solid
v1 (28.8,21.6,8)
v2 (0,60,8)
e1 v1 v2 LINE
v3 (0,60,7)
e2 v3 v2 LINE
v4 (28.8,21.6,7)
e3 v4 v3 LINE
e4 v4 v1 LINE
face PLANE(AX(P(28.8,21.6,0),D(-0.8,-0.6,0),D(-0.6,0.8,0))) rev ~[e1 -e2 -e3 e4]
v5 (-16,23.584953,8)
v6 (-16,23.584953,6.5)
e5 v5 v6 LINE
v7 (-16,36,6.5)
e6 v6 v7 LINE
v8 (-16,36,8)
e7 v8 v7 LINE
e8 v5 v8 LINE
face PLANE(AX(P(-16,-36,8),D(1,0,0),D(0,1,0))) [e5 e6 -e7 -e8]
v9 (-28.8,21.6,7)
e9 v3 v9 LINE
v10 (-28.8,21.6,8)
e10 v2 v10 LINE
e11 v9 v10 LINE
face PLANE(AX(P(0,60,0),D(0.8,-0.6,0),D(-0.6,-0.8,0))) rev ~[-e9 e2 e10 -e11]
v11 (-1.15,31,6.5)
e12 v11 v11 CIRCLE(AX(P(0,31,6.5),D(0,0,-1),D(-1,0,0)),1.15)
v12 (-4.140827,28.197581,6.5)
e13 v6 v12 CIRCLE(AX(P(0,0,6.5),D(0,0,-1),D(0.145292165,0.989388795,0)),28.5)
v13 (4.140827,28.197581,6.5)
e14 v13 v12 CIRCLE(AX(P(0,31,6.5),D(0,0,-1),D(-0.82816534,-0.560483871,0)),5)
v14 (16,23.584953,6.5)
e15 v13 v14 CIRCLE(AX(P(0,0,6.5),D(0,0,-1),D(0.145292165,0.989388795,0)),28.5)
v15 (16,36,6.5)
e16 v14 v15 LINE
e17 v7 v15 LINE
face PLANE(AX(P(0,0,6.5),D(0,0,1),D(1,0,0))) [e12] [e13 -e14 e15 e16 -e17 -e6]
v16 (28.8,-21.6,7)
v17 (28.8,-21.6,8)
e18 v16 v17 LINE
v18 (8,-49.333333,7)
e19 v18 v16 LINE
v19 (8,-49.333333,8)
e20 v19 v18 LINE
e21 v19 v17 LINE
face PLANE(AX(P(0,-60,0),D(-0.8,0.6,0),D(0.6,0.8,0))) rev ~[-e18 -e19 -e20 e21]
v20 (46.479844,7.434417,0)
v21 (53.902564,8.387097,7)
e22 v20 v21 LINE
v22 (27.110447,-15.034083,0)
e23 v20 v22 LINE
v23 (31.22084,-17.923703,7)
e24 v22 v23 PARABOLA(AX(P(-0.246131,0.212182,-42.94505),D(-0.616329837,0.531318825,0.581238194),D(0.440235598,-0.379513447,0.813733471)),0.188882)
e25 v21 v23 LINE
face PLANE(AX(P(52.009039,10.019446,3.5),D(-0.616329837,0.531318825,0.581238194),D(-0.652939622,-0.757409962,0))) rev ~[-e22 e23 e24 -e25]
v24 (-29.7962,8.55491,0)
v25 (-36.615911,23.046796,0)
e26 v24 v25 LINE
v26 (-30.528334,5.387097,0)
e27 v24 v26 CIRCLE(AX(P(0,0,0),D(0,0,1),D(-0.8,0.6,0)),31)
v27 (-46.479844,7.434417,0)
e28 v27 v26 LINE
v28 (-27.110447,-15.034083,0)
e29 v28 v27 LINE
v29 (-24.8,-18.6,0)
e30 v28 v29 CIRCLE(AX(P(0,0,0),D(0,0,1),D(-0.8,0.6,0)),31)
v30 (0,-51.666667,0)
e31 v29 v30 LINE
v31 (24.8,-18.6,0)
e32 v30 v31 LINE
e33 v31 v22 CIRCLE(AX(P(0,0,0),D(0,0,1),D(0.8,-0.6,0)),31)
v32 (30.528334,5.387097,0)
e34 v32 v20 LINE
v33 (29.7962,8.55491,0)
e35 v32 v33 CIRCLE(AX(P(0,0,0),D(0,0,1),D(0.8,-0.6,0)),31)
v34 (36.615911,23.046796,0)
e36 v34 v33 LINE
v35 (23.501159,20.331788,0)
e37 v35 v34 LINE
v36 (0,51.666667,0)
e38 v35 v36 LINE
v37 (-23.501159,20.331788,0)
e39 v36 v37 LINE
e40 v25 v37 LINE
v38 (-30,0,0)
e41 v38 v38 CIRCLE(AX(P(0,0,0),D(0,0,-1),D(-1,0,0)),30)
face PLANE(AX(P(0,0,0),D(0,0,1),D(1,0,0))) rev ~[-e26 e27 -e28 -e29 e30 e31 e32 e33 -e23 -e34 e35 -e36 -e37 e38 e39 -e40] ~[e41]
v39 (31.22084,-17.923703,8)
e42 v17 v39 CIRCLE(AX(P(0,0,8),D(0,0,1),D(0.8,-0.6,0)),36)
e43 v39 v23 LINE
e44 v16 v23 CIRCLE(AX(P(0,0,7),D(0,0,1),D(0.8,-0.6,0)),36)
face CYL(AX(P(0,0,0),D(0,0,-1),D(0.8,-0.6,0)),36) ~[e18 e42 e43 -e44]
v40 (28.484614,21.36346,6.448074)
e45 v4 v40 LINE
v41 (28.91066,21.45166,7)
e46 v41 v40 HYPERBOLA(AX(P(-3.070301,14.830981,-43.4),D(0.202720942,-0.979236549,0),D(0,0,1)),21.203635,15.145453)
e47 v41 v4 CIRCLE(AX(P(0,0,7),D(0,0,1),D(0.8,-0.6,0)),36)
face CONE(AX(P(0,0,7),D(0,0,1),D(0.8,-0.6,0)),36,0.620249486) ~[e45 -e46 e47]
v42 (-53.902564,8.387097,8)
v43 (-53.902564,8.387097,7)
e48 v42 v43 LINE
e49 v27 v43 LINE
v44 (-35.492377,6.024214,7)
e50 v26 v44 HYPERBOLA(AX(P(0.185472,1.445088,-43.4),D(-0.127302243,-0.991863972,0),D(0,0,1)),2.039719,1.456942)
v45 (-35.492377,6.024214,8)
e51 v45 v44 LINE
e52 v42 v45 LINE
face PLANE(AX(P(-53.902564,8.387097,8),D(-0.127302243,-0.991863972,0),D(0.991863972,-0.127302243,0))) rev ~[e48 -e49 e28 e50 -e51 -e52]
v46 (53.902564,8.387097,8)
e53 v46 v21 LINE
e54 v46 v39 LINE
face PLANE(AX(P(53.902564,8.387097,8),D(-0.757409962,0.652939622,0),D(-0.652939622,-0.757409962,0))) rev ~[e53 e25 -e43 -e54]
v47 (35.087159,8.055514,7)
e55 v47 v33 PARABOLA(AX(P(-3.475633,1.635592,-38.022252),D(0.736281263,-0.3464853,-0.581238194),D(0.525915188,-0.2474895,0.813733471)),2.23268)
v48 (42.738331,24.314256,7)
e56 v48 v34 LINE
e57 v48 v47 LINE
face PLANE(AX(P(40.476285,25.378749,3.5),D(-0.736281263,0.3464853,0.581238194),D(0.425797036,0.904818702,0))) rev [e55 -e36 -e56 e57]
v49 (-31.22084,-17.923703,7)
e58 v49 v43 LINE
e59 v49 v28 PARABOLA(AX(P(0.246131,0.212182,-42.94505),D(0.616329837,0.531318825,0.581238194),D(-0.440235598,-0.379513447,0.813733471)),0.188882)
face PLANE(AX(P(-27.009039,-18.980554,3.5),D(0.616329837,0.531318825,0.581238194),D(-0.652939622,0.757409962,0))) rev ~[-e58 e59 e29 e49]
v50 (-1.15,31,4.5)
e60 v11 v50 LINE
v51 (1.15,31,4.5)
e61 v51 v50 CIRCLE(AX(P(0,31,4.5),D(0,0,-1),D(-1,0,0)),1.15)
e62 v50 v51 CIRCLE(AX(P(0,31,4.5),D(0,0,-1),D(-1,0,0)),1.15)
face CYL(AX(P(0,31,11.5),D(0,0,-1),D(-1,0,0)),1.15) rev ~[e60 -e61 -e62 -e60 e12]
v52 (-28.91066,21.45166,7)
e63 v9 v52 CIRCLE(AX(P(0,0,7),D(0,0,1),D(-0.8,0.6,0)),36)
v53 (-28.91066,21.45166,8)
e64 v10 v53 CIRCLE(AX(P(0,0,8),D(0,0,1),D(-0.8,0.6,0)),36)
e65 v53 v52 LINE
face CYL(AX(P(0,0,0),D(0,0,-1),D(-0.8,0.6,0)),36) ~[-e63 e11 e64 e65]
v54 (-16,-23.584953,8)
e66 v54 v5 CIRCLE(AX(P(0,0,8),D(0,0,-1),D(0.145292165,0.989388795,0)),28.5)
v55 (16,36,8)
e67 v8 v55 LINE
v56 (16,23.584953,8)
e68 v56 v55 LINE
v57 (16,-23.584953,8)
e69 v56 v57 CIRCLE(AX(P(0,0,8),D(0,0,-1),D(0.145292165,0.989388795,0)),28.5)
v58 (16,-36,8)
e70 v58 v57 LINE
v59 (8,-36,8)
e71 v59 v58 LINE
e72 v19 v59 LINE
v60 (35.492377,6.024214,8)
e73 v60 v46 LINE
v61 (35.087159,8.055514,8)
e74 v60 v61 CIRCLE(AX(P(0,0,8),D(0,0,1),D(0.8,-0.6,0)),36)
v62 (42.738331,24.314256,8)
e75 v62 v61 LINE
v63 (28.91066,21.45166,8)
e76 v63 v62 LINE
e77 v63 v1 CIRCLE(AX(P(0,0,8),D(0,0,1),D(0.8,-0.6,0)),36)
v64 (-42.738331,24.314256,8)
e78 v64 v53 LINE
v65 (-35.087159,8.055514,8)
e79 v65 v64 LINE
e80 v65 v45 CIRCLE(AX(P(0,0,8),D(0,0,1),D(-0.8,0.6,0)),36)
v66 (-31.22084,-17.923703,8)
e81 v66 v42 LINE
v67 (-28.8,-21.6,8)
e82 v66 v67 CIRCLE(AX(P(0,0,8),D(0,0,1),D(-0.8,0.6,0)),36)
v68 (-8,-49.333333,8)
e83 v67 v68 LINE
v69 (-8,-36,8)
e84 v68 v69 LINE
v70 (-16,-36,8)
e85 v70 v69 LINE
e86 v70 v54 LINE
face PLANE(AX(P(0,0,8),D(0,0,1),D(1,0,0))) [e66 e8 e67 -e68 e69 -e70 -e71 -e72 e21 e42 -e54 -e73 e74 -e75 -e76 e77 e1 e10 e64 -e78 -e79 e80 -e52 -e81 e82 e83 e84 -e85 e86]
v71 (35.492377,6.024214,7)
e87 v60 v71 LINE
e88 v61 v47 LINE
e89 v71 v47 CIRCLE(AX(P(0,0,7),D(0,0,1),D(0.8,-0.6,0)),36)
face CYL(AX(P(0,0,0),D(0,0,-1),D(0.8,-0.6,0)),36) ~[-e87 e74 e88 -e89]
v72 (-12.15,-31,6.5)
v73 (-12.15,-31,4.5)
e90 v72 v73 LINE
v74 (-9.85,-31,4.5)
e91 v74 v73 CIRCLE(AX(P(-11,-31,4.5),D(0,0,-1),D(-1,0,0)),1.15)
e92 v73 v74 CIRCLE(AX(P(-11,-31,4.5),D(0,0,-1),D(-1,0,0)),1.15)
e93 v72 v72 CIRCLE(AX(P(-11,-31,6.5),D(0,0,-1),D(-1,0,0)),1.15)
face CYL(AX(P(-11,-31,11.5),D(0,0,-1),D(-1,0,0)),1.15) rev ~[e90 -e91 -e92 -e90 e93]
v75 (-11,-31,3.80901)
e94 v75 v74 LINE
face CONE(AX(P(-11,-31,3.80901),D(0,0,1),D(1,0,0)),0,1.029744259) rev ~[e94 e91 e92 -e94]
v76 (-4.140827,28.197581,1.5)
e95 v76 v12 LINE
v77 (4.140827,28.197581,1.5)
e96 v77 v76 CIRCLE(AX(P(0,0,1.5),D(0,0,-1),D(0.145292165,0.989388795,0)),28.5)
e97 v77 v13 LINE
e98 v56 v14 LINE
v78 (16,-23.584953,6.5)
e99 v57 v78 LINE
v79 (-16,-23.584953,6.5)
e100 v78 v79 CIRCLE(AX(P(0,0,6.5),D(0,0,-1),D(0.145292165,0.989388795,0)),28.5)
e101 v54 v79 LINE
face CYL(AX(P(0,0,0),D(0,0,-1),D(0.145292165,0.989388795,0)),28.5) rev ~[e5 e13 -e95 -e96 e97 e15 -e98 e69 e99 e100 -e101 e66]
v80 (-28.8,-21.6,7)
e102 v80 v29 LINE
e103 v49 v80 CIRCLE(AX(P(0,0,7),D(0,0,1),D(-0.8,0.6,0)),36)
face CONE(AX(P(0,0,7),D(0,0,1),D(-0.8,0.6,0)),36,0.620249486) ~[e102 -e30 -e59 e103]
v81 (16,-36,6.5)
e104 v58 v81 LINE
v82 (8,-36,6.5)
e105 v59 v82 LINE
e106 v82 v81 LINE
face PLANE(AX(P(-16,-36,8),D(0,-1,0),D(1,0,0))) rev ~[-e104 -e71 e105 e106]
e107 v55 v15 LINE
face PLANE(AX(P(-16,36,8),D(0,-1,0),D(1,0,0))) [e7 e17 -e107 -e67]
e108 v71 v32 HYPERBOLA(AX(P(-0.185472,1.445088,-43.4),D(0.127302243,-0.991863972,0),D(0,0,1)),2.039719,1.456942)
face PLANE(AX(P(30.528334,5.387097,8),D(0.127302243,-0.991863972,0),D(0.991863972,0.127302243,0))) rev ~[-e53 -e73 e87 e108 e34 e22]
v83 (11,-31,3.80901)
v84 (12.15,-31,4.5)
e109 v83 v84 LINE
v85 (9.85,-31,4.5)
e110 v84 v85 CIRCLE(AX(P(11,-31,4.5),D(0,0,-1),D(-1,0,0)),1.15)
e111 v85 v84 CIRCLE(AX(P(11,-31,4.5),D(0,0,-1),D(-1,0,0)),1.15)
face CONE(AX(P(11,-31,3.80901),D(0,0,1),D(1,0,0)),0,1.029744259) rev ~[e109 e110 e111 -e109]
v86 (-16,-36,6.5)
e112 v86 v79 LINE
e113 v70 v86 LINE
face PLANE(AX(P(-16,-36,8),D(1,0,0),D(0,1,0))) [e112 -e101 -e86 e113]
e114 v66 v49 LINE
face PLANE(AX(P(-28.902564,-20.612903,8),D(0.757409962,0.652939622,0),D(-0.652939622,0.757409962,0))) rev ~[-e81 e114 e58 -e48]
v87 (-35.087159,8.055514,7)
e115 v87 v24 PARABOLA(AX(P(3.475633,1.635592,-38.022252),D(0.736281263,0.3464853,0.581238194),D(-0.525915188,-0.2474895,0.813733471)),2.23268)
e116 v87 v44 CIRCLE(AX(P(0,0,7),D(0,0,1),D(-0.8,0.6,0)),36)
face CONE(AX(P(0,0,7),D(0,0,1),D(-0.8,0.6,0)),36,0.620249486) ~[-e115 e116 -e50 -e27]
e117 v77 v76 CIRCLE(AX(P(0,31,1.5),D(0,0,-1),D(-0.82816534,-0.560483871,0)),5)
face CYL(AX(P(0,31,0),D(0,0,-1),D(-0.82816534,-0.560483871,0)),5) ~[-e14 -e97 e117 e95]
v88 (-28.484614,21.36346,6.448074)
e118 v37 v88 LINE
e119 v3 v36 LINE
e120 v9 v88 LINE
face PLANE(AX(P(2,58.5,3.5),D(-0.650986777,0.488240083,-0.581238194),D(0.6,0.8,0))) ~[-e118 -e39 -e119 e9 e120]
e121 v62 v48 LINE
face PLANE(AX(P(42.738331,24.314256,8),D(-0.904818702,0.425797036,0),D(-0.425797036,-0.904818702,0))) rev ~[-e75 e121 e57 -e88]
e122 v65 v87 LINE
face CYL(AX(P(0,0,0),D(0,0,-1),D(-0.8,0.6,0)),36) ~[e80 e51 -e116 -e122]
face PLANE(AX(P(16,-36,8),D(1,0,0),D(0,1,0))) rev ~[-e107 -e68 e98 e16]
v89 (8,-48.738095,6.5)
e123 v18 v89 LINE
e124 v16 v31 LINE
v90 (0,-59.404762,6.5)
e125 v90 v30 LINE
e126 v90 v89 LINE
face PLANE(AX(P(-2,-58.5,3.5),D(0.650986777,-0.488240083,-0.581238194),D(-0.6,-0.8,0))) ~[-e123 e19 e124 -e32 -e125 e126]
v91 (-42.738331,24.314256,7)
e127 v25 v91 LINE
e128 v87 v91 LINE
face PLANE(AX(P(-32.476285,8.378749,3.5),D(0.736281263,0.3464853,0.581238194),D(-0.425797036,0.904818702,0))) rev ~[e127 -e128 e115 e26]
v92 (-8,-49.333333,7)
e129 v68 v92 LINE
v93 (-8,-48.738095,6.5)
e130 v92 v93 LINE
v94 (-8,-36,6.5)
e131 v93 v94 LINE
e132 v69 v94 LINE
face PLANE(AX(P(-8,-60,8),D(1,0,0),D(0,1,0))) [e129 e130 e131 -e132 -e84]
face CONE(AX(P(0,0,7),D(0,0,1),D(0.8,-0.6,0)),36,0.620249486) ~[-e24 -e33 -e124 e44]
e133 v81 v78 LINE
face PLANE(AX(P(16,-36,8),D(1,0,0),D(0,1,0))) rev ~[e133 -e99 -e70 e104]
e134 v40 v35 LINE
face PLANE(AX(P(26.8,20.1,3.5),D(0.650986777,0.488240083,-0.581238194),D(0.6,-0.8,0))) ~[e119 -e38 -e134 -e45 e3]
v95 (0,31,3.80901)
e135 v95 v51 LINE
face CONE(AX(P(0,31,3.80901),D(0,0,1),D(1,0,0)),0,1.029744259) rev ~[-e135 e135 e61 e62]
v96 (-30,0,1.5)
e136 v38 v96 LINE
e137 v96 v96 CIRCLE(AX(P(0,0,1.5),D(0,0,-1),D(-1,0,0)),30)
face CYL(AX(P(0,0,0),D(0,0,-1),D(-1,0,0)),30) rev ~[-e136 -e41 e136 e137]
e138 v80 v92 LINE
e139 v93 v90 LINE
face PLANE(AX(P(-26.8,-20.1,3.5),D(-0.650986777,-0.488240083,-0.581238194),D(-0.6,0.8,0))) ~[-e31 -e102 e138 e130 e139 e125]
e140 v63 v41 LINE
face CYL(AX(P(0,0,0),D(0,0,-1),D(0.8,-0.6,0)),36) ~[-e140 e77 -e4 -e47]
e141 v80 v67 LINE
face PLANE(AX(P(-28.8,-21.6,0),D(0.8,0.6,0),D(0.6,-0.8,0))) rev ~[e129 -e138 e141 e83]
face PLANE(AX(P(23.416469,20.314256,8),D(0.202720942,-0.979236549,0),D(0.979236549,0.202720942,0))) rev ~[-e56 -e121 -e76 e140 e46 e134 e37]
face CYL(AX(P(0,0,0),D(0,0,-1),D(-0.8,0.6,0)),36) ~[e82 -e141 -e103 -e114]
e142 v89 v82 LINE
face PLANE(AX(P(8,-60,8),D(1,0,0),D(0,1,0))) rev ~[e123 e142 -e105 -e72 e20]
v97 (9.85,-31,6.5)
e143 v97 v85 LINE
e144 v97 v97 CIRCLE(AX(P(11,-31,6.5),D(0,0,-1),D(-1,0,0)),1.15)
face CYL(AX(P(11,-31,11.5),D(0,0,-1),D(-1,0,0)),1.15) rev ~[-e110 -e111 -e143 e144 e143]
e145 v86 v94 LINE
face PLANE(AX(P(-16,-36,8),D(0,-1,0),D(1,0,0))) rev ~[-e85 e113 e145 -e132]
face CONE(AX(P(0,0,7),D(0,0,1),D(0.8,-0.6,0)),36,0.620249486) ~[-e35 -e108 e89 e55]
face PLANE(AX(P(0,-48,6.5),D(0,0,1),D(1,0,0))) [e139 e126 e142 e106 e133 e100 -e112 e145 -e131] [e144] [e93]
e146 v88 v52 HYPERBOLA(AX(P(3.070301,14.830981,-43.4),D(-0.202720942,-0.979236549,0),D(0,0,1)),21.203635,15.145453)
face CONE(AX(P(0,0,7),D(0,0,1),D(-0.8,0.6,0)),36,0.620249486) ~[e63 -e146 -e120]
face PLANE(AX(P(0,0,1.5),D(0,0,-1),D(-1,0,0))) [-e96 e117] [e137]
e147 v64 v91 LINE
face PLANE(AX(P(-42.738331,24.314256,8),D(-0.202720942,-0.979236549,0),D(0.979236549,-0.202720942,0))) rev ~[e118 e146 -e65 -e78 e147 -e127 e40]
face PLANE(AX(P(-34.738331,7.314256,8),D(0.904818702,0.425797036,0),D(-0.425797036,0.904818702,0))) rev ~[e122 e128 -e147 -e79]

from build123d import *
from OCP.BRepFilletAPI import BRepFilletAPI_MakeChamfer

# Parameters (mm, degrees)
EXTRUDE_1_DEPTH         = 8
CHAMFER_12_SIZE         = 7
CHAMFER_12_SIZE2        = 5
HOLE_WIZARD_M2_22_D     = 2.3
HOLE_WIZARD_M2_22_DEPTH = 3.5
HOLE_WIZARD_M2_22_TIP   = 0.690989712
SKETCH_11_R             = 30
CUT_EXTRUDE_1_DEPTH     = 1.5
EXTRUDE_5_DEPTH         = 8
EXTRUDE_5_2_DEPTH       = 8
EXTRUDE_5_3_DEPTH       = 8
EXTRUDE_5_4_DEPTH       = 8
CHAMFER_13_SIZE         = 5
CHAMFER_13_SIZE2        = 7
CHAMFER_14_SIZE         = 5
CHAMFER_14_SIZE2        = 7
CHAMFER_15_SIZE         = 7
CHAMFER_15_SIZE2        = 5
CHAMFER_16_SIZE         = 5
CHAMFER_16_SIZE2        = 7
SKETCH_23_W             = 32
SKETCH_23_H             = 72
CUT_EXTRUDE_7_DEPTH     = 1.5
SKETCH_13_W             = 16
SKETCH_13_H             = 24
CUT_EXTRUDE_2_DEPTH     = 1.5


with BuildPart() as part:
    # Эскиз1 → Бобышка-Вытянуть1 (new body)
    with BuildSketch(Plane.XY):
        with BuildLine():
            Line((28.8, 21.6), (0, 60))
            Line((0, 60), (-28.8, 21.6))
            ThreePointArc((-28.8, 21.6), (-36, 0), (-28.8, -21.6))
            Line((-28.8, -21.6), (0, -60))
            Line((0, -60), (28.8, -21.6))
            ThreePointArc((28.8, -21.6), (36, 0), (28.8, 21.6))
        make_face()
        with BuildLine():
            ThreePointArc((4.1408267, 28.197580645), (0, -28.5), (-4.1408267, 28.197580645))
            ThreePointArc((-4.1408267, 28.197580645), (0, 26), (4.1408267, 28.197580645))
        make_face(mode=Mode.SUBTRACT)
    extrude(amount=EXTRUDE_1_DEPTH)

    # Фаска12: one chamfer whose edges measure the first distance from different faces: ONE call of the kernel's chamfer builder (chamfer() names one face for all edges)
    chamfer_12_edges_1 = [part.edges().sort_by_distance(p)[0] for p in [
        (14.4, 40.8, 0),
    ]]
    chamfer_12_side_1 = [part.faces().sort_by_distance(p)[0] for p in [
        (14.4, 40.8, 4),
    ]]
    chamfer_12_edges_2 = [part.edges().sort_by_distance(p)[0] for p in [
        (36, 0, 0),
    ]]
    chamfer_12_side_2 = [part.faces().sort_by_distance(p)[0] for p in [
        (36, 0, 4),
    ]]
    chamfer_12_edges_3 = [part.edges().sort_by_distance(p)[0] for p in [
        (14.4, -40.8, 0),
    ]]
    chamfer_12_side_3 = [part.faces().sort_by_distance(p)[0] for p in [
        (14.4, -40.8, 4),
    ]]
    chamfer_12_edges_4 = [part.edges().sort_by_distance(p)[0] for p in [
        (-14.4, -40.8, 0),
    ]]
    chamfer_12_side_4 = [part.faces().sort_by_distance(p)[0] for p in [
        (-14.4, -40.8, 4),
    ]]
    chamfer_12_edges_5 = [part.edges().sort_by_distance(p)[0] for p in [
        (-36, 0, 0),
    ]]
    chamfer_12_side_5 = [part.faces().sort_by_distance(p)[0] for p in [
        (-36, 0, 4),
    ]]
    chamfer_12_edges_6 = [part.edges().sort_by_distance(p)[0] for p in [
        (-14.4, 40.8, 0),
    ]]
    chamfer_12_side_6 = [part.faces().sort_by_distance(p)[0] for p in [
        (-14.4, 40.8, 4),
    ]]
    chamfer_12 = BRepFilletAPI_MakeChamfer(part.part.solid().wrapped)
    for e in chamfer_12_edges_1:
        chamfer_12.Add(CHAMFER_12_SIZE, CHAMFER_12_SIZE2, e.wrapped, chamfer_12_side_1[0].wrapped)  # the first distance lies on this face
    for e in chamfer_12_edges_2:
        chamfer_12.Add(CHAMFER_12_SIZE, CHAMFER_12_SIZE2, e.wrapped, chamfer_12_side_2[0].wrapped)  # the first distance lies on this face
    for e in chamfer_12_edges_3:
        chamfer_12.Add(CHAMFER_12_SIZE, CHAMFER_12_SIZE2, e.wrapped, chamfer_12_side_3[0].wrapped)  # the first distance lies on this face
    for e in chamfer_12_edges_4:
        chamfer_12.Add(CHAMFER_12_SIZE, CHAMFER_12_SIZE2, e.wrapped, chamfer_12_side_4[0].wrapped)  # the first distance lies on this face
    for e in chamfer_12_edges_5:
        chamfer_12.Add(CHAMFER_12_SIZE, CHAMFER_12_SIZE2, e.wrapped, chamfer_12_side_5[0].wrapped)  # the first distance lies on this face
    for e in chamfer_12_edges_6:
        chamfer_12.Add(CHAMFER_12_SIZE, CHAMFER_12_SIZE2, e.wrapped, chamfer_12_side_6[0].wrapped)  # the first distance lies on this face
    add(Compound.cast(chamfer_12.Shape()), mode=Mode.REPLACE)

    # Hole Wizard M2.22
    with Locations(Plane.XY.offset(8)):
        with Locations((0, 31), (-11, -31), (11, -31)):
            Hole(HOLE_WIZARD_M2_22_D / 2, depth=HOLE_WIZARD_M2_22_DEPTH)
            with Locations((0, 0, -(HOLE_WIZARD_M2_22_DEPTH + HOLE_WIZARD_M2_22_TIP / 2))):  # 118° drill point
                Cone(0, HOLE_WIZARD_M2_22_D / 2, HOLE_WIZARD_M2_22_TIP, mode=Mode.SUBTRACT)

    # Эскиз11 → Вырез-Вытянуть1 (cut)
    with BuildSketch(Plane(origin=(0, 0, 0), x_dir=(-1, 0, 0), z_dir=(0, 0, -1))):
        Circle(SKETCH_11_R)
    extrude(amount=-CUT_EXTRUDE_1_DEPTH, mode=Mode.SUBTRACT)


with BuildPart() as body_2:
    # Эскиз17 → Бобышка-Вытянуть5 (new body)
    with BuildSketch(Plane(origin=(0, 0, 8), x_dir=(-1, 0, 0), z_dir=(0, 0, -1))):
        with BuildLine():
            Line((25.238858928, -18), (28.902564257, -20.612903226))
            Line((28.902564257, -20.612903226), (53.902564257, 8.387096774))
            Line((53.902564257, 8.387096774), (30.528334189, 5.387096774))
            ThreePointArc((30.528334189, 5.387096774), (30.236303195, -6.838564841), (25.238858928, -18))
        make_face()
    extrude(amount=EXTRUDE_5_DEPTH)

    # Фаска13
    chamfer_13_edges = [body_2.edges().sort_by_distance(p)[0] for p in [
        (-41.402564257, -6.112903226, 0),
    ]]
    chamfer_13_side = [body_2.faces().sort_by_distance(p)[0] for p in [
        (-37.369612162, -3.153009871, 0),
    ]]
    chamfer(chamfer_13_edges, length=CHAMFER_13_SIZE, length2=CHAMFER_13_SIZE2, reference=chamfer_13_side[0])


with BuildPart() as body_3:
    # Эскиз17 → Extrude 5 2 (new body)
    with BuildSketch(Plane(origin=(0, 0, 8), x_dir=(-1, 0, 0), z_dir=(0, 0, -1))):
        with BuildLine():
            Line((-28.902564257, -20.612903226), (-25.238858928, -18))
            ThreePointArc((-25.238858928, -18), (-30.236303195, -6.838564841), (-30.528334189, 5.387096774))
            Line((-30.528334189, 5.387096774), (-53.902564257, 8.387096774))
            Line((-53.902564257, 8.387096774), (-28.902564257, -20.612903226))
        make_face()
    extrude(amount=EXTRUDE_5_2_DEPTH)

    # Фаска14
    chamfer_14_edges = [body_3.edges().sort_by_distance(p)[0] for p in [
        (41.402564257, -6.112903226, 0),
    ]]
    chamfer_14_side = [body_3.faces().sort_by_distance(p)[0] for p in [
        (37.369612162, -3.153009871, 0),
    ]]
    chamfer(chamfer_14_edges, length=CHAMFER_14_SIZE, length2=CHAMFER_14_SIZE2, reference=chamfer_14_side[0])


with BuildPart() as body_4:
    # Эскиз17 → Extrude 5 3 (new body)
    with BuildSketch(Plane(origin=(0, 0, 8), x_dir=(-1, 0, 0), z_dir=(0, 0, -1))):
        with BuildLine():
            ThreePointArc((23.416468646, 20.314255983), (27.763165047, 13.791543298), (30.334880827, 6.387096774))
            Line((30.334880827, 6.387096774), (34.73833127, 7.314255983))
            Line((34.73833127, 7.314255983), (42.73833127, 24.314255983))
            Line((42.73833127, 24.314255983), (23.416468646, 20.314255983))
        make_face()
    extrude(amount=EXTRUDE_5_3_DEPTH)

    # Фаска16
    chamfer_16_edges = [body_4.edges().sort_by_distance(p)[0] for p in [
        (-38.73833127, 15.814255983, 0),
    ]]
    chamfer_16_side = [body_4.faces().sort_by_distance(p)[0] for p in [
        (-33.199864657, 16.363314329, 0),
    ]]
    chamfer(chamfer_16_edges, length=CHAMFER_16_SIZE, length2=CHAMFER_16_SIZE2, reference=chamfer_16_side[0])


with BuildPart() as body_5:
    # Эскиз17 → Extrude 5 4 (new body)
    with BuildSketch(Plane(origin=(0, 0, 8), x_dir=(-1, 0, 0), z_dir=(0, 0, -1))):
        with BuildLine():
            Line((-34.73833127, 7.314255983), (-30.334880827, 6.387096774))
            ThreePointArc((-30.334880827, 6.387096774), (-27.763165047, 13.791543298), (-23.416468646, 20.314255983))
            Line((-23.416468646, 20.314255983), (-42.73833127, 24.314255983))
            Line((-42.73833127, 24.314255983), (-34.73833127, 7.314255983))
        make_face()
    extrude(amount=EXTRUDE_5_4_DEPTH)

    # Фаска15
    chamfer_15_edges = [body_5.edges().sort_by_distance(p)[0] for p in [
        (38.73833127, 15.814255983, 0),
    ]]
    chamfer_15_side = [body_5.faces().sort_by_distance(p)[0] for p in [
        (38.73833127, 15.814255983, 4),
    ]]
    chamfer(chamfer_15_edges, length=CHAMFER_15_SIZE, length2=CHAMFER_15_SIZE2, reference=chamfer_15_side[0])


with BuildPart() as body_2_1:
    add(body_2.part)

    # Combine 2: union body 3, body 5, body 4, part
    add(body_3.part)
    add(body_5.part)
    add(body_4.part)
    add(part.part)

    # Эскиз23 → Вырез-Вытянуть7 (cut)
    with BuildSketch(Plane.XY.offset(8)):
        Rectangle(SKETCH_23_W, SKETCH_23_H)
    extrude(amount=-CUT_EXTRUDE_7_DEPTH, mode=Mode.SUBTRACT)

    # Эскиз13 → Вырез-Вытянуть2 (cut)
    with BuildSketch(Plane.XY.offset(8)):
        with Locations((0, -48)):
            Rectangle(SKETCH_13_W, SKETCH_13_H)
    extrude(amount=-CUT_EXTRUDE_2_DEPTH, mode=Mode.SUBTRACT)


solid = body_2_1.part
